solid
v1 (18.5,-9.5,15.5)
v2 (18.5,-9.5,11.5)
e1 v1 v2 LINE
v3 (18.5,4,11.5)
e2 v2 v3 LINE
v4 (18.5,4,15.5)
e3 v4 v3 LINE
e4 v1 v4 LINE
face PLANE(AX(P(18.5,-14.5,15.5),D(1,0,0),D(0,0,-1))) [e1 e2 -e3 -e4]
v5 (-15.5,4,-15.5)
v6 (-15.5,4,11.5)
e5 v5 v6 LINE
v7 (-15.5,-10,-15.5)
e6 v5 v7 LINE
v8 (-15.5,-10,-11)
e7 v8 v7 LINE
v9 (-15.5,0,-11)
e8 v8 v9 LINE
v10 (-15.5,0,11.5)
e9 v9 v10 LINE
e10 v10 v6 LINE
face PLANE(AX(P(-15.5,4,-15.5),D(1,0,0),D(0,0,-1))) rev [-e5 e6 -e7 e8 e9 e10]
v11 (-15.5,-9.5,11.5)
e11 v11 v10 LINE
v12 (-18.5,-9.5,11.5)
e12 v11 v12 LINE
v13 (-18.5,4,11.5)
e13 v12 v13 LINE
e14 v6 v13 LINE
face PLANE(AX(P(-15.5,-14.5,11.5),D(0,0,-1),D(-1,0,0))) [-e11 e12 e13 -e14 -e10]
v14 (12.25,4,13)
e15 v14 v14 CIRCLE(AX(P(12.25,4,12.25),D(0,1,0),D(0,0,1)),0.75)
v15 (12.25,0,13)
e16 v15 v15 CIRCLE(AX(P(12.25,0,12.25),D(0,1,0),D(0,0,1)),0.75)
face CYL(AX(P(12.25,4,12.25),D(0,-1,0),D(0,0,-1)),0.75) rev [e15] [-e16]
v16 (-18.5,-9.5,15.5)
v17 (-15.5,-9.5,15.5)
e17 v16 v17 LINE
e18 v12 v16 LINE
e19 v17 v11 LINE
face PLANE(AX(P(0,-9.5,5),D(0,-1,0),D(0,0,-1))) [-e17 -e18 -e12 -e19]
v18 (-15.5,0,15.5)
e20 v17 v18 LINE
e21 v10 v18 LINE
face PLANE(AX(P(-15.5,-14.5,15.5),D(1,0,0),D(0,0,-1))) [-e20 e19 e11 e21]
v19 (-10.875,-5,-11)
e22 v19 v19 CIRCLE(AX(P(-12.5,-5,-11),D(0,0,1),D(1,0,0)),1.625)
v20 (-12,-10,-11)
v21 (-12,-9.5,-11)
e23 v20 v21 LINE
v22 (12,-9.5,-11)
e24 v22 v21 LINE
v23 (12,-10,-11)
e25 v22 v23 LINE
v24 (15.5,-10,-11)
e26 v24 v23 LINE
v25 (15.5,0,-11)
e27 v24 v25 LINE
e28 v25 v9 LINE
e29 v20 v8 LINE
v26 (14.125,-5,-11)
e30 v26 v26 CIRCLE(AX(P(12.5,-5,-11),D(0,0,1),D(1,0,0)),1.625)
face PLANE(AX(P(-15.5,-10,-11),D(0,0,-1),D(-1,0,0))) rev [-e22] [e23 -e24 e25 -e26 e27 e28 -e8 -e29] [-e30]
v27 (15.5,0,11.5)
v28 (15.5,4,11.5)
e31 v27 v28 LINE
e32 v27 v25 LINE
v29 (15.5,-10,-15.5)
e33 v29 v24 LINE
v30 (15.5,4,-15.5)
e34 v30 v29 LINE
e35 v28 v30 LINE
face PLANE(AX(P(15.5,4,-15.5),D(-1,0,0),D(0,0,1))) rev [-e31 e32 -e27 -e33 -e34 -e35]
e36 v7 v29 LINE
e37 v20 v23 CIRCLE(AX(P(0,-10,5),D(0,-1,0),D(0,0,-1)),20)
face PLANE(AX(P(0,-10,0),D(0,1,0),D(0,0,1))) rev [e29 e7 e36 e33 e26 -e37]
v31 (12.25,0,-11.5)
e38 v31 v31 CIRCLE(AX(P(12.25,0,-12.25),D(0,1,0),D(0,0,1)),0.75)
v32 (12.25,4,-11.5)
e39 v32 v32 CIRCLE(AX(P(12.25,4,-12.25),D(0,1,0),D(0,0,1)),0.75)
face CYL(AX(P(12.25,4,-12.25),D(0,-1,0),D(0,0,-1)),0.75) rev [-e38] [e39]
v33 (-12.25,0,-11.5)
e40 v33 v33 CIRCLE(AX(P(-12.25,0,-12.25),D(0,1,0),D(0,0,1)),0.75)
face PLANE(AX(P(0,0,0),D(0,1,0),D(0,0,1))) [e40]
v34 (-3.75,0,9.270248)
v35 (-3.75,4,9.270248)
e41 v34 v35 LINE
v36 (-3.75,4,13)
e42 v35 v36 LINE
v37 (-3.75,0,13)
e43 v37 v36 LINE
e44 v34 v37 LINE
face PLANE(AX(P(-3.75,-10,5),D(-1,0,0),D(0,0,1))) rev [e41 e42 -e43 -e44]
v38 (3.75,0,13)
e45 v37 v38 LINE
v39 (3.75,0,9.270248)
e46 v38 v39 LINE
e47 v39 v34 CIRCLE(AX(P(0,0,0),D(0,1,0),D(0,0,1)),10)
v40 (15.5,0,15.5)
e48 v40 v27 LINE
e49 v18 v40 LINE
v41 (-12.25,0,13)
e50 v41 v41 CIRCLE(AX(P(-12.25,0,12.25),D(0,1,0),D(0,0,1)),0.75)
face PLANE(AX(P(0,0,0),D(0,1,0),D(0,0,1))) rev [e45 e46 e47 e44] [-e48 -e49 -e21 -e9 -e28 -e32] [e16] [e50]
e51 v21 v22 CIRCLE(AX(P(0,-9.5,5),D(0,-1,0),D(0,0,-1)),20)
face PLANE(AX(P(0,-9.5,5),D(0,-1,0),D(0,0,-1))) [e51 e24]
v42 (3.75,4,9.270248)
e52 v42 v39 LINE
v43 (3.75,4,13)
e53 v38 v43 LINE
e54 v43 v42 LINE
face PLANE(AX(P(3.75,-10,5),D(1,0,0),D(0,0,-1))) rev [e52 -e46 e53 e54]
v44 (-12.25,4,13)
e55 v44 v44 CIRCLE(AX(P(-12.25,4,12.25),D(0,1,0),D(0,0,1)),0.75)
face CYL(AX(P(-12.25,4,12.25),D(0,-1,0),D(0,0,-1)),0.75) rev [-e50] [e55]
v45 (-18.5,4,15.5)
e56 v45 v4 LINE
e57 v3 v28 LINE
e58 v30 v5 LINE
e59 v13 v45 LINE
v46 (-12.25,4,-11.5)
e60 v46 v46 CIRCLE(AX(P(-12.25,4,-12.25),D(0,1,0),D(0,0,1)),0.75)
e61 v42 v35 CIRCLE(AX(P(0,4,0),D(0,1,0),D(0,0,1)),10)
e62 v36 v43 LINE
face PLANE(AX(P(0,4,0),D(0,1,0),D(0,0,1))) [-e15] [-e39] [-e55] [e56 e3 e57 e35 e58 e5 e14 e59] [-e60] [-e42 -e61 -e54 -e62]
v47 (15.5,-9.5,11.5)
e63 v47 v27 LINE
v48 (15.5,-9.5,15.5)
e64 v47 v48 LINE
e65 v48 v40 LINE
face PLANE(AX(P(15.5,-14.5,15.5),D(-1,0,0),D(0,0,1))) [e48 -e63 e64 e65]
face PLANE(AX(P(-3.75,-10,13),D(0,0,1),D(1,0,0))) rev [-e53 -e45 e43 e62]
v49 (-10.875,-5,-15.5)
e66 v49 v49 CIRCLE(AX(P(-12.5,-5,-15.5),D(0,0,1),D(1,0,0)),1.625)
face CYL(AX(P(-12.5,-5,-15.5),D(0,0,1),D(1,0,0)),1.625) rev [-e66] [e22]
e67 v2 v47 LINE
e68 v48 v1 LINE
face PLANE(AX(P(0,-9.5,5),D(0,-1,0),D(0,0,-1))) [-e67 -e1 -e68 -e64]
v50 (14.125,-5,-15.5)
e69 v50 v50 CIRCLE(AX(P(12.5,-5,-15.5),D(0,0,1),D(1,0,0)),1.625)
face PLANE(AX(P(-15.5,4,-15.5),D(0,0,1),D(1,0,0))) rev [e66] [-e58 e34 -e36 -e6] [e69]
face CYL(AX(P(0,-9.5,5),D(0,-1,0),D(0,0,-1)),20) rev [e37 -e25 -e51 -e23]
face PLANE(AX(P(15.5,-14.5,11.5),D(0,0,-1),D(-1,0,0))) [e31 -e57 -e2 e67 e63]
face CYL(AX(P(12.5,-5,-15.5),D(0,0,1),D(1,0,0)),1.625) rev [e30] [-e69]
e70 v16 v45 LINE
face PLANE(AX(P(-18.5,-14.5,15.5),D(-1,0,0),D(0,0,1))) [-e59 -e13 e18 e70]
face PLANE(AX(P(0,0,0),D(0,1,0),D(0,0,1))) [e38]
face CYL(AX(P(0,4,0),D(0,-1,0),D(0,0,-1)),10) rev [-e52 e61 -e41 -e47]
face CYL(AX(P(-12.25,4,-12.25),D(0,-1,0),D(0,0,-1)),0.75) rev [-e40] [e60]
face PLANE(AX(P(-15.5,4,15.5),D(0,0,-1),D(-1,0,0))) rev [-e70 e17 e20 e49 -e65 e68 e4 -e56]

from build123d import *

# Parameters (mm, degrees)
SKETCH1_W           = 31
SKETCH1_H           = 31
SKETCH1_R           = 0.75
SKETCH1_R_2         = 10
BOSS_EXTRUDE1_DEPTH = 4
SKETCH2_W           = 31
SKETCH2_H           = 4.5
BOSS_EXTRUDE2_DEPTH = 10
SKETCH3_R           = 1.625
CUT_EXTRUDE1_DEPTH  = 5.5
SKETCH4_W           = 7.5
SKETCH4_H           = 8
CUT_EXTRUDE2_DEPTH  = 15
SKETCH5_R           = 20
CUT_EXTRUDE3_DEPTH  = 0.5
SKETCH6_W           = 3
SKETCH6_H           = 4
BOSS_EXTRUDE3_DEPTH = 13.5


with BuildPart() as part:
    # Sketch1 → Boss-Extrude1 (new body)
    with BuildSketch(Plane(origin=(0, 0, 0), x_dir=(1, 0, 0), z_dir=(0, 1, 0))):
        Rectangle(SKETCH1_W, SKETCH1_H)
        with Locations((-12.25, 12.25)):
            Circle(SKETCH1_R, mode=Mode.SUBTRACT)
        with Locations((12.25, 12.25)):
            Circle(SKETCH1_R, mode=Mode.SUBTRACT)
        with Locations((12.25, -12.25)):
            Circle(SKETCH1_R, mode=Mode.SUBTRACT)
        with Locations((-12.25, -12.25)):
            Circle(SKETCH1_R, mode=Mode.SUBTRACT)
        Circle(SKETCH1_R_2, mode=Mode.SUBTRACT)
    extrude(amount=BOSS_EXTRUDE1_DEPTH)

    # Sketch2 → Boss-Extrude2 (add)
    with BuildSketch(Plane.XZ):
        with Locations((0, -13.25)):
            Rectangle(SKETCH2_W, SKETCH2_H)
    extrude(amount=BOSS_EXTRUDE2_DEPTH)

    # Sketch3 → Cut-Extrude1 (cut, through all)
    with BuildSketch(Plane.XY.offset(-11)):
        with Locations((-12.5, -5)):
            Circle(SKETCH3_R)
        with Locations((12.5, -5)):
            Circle(SKETCH3_R)
    extrude(amount=-CUT_EXTRUDE1_DEPTH, mode=Mode.SUBTRACT)

    # Sketch4 → Cut-Extrude2 (cut, through all)
    with BuildSketch(Plane(origin=(0, 4, 0), x_dir=(1, 0, 0), z_dir=(0, 1, 0))):
        with Locations((0, -9)):
            Rectangle(SKETCH4_W, SKETCH4_H)
    extrude(amount=-CUT_EXTRUDE2_DEPTH, mode=Mode.SUBTRACT)

    # Sketch5 → Cut-Extrude3 (cut)
    with BuildSketch(Plane.XZ.offset(10)):
        with Locations((0, 5)):
            Circle(SKETCH5_R)
    extrude(amount=-CUT_EXTRUDE3_DEPTH, mode=Mode.SUBTRACT)

    # Sketch6 → Boss-Extrude3 (add)
    with BuildSketch(Plane(origin=(0, 4, 0), x_dir=(1, 0, 0), z_dir=(0, 1, 0))):
        with Locations((-17, -13.5)):
            Rectangle(SKETCH6_W, SKETCH6_H)
        with Locations((17, -13.5)):
            Rectangle(SKETCH6_W, SKETCH6_H)
    extrude(amount=-BOSS_EXTRUDE3_DEPTH)


solid = part.part
